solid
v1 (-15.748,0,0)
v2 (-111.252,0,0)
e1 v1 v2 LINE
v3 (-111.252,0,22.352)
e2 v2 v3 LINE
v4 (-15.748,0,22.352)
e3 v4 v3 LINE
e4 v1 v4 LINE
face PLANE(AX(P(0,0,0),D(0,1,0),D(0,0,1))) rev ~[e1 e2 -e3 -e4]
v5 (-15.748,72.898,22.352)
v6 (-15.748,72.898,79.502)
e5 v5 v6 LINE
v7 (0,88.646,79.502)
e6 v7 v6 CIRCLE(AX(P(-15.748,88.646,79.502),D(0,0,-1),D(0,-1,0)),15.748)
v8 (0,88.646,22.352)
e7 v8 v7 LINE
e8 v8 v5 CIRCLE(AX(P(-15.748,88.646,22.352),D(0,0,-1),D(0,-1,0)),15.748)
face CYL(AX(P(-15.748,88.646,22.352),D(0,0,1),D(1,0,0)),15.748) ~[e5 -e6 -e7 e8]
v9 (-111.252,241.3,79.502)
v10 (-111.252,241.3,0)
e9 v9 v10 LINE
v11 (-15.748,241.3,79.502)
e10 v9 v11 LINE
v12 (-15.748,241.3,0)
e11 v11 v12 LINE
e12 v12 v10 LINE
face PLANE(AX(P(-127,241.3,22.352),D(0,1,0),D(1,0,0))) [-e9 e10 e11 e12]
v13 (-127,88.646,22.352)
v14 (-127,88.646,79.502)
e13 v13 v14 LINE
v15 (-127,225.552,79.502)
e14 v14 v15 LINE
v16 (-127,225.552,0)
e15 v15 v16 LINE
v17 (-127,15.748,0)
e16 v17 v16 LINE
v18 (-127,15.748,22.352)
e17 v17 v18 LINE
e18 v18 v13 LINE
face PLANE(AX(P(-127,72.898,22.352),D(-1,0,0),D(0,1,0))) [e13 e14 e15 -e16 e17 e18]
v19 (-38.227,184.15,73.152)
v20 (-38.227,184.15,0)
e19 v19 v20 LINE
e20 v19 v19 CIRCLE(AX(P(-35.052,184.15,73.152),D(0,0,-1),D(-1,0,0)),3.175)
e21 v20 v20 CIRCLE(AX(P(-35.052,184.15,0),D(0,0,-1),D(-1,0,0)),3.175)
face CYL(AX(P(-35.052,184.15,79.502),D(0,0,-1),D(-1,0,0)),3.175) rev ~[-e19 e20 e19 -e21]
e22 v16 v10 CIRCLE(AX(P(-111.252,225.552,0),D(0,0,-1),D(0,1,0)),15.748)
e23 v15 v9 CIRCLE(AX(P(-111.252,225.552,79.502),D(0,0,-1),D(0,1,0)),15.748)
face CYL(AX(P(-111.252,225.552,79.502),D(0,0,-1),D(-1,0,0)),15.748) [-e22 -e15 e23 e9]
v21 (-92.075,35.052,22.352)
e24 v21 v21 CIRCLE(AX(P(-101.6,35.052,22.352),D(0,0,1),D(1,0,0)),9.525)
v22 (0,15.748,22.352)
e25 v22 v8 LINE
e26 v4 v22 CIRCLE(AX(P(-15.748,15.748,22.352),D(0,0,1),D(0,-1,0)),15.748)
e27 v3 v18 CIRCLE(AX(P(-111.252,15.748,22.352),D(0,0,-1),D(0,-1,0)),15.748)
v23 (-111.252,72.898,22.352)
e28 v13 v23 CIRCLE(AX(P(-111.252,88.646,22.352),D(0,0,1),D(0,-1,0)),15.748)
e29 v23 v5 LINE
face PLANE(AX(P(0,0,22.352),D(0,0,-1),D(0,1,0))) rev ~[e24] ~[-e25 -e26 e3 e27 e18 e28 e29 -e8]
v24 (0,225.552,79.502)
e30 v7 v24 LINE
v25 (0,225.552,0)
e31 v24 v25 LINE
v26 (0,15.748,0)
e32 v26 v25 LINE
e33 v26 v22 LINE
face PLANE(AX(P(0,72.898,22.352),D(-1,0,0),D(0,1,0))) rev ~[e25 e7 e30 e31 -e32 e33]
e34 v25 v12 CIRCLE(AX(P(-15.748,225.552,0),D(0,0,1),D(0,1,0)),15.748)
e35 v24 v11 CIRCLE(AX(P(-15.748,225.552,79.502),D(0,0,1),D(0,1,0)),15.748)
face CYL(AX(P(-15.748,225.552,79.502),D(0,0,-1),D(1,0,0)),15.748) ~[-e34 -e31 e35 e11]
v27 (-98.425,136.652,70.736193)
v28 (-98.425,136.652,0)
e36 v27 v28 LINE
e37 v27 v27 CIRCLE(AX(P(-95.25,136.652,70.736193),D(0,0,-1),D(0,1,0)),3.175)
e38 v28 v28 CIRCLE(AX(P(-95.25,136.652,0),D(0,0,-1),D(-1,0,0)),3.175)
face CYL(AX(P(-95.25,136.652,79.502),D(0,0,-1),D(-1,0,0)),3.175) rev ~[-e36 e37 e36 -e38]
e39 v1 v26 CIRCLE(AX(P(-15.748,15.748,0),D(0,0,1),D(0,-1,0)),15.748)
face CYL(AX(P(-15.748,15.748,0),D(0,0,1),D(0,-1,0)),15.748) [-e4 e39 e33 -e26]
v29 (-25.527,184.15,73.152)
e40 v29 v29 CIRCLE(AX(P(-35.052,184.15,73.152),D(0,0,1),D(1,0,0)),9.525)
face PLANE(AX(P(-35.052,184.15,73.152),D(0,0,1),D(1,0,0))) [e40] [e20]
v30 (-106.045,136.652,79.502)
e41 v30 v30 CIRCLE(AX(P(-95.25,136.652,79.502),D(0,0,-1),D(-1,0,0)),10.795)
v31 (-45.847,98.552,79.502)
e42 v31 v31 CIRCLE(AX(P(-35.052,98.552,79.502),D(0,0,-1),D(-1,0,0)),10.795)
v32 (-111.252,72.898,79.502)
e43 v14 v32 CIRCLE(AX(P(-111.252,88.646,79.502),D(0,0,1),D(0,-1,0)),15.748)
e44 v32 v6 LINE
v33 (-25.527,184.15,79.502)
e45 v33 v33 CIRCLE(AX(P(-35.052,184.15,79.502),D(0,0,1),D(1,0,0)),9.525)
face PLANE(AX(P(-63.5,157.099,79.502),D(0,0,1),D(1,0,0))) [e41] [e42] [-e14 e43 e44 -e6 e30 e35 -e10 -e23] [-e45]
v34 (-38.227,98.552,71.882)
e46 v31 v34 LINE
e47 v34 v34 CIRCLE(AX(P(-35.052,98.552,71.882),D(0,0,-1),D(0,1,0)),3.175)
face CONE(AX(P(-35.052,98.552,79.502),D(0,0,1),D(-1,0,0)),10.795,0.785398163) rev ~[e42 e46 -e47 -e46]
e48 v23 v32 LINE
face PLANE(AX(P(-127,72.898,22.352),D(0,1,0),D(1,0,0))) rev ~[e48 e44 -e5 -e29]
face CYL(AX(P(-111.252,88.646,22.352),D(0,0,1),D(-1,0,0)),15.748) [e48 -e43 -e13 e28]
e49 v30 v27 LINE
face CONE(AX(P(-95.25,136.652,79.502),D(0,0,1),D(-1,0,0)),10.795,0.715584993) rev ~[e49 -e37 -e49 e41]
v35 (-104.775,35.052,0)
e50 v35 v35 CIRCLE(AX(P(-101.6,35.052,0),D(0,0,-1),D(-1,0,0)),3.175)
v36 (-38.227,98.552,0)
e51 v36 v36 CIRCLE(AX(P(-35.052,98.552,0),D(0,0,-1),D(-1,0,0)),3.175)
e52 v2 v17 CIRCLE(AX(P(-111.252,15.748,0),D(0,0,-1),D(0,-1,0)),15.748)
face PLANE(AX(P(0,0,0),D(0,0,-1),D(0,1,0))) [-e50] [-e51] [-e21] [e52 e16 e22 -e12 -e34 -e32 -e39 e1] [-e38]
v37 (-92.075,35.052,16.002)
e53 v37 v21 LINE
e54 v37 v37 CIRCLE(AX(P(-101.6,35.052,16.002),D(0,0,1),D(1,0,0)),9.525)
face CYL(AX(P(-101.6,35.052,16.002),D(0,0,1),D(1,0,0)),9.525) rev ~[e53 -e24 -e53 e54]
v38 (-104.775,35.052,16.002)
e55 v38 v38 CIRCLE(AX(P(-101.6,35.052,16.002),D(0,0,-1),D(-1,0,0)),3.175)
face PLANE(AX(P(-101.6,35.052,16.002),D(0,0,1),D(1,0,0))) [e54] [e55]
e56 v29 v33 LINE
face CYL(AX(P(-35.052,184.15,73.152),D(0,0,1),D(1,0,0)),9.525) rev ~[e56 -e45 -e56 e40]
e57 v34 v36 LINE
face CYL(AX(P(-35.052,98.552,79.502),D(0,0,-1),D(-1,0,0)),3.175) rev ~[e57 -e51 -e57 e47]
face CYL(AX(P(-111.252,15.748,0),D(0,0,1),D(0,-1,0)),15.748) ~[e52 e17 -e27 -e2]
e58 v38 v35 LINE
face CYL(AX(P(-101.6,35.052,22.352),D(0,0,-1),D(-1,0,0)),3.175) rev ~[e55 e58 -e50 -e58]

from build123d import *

# Parameters (mm, degrees)
F0_W            = 241.3
F0_H            = 22.352
F1_DEPTH        = 127
F2_R            = 15.748
F3_W            = 127
F3_H            = 168.402
F4_DEPTH        = 57.15
F5_R            = 15.748
F7_D            = 6.35
F7_CBORE_D      = 19.05
F7_CBORE_DEPTH  = 6.35
F9_D            = 6.35
F9_CSINK_D      = 21.59
F9_CSINK_ANGLE  = 82
F10_D           = 6.35
F10_CSINK_D     = 21.59
F10_CSINK_ANGLE = 90
F11_D           = 6.35
F11_CBORE_D     = 19.05
F11_CBORE_DEPTH = 6.35


with BuildPart() as f1:
    # F0 (on Right) → F1 (new body)
    with BuildSketch(Plane.YZ):
        with Locations((120.65, 11.176)):
            Rectangle(F0_W, F0_H)
    extrude(amount=-F1_DEPTH)

    # F2
    f2_edges = [f1.edges().sort_by_distance(p)[0] for p in [
        (0, 0, 11.176),
        (-127, 0, 11.176),
    ]]
    fillet(f2_edges, radius=F2_R)

    # F3 (on face) → F4 (join)
    with BuildSketch(Plane.XY.offset(22.352)):
        with Locations((-63.5, 157.099)):
            Rectangle(F3_W, F3_H)
    extrude(amount=F4_DEPTH)

    # F5
    f5_edges = [f1.edges().sort_by_distance(p)[0] for p in [
        (0, 72.898, 50.927),
        (-127, 72.898, 50.927),
        (0, 241.3, 39.751),
        (-127, 241.3, 39.751),
    ]]
    fillet(f5_edges, radius=F5_R)

    # F7 (through all)
    with Locations(Plane.XY.offset(22.352)):
        with Locations((-101.6, 35.052)):
            CounterBoreHole(F7_D / 2, F7_CBORE_D / 2, F7_CBORE_DEPTH)

    # F9 (through all)
    with Locations(Plane.XY.offset(79.502)):
        with Locations((-95.25, 136.652)):
            CounterSinkHole(F9_D / 2, F9_CSINK_D / 2, counter_sink_angle=F9_CSINK_ANGLE)

    # F10 (through all)
    with Locations(Plane.XY.offset(79.502)):
        with Locations((-35.052, 98.552)):
            CounterSinkHole(F10_D / 2, F10_CSINK_D / 2, counter_sink_angle=F10_CSINK_ANGLE)

    # F11 (through all)
    with Locations(Plane.XY.offset(79.502)):
        with Locations((-35.052, 184.15)):
            CounterBoreHole(F11_D / 2, F11_CBORE_D / 2, F11_CBORE_DEPTH)


solid = f1.part
